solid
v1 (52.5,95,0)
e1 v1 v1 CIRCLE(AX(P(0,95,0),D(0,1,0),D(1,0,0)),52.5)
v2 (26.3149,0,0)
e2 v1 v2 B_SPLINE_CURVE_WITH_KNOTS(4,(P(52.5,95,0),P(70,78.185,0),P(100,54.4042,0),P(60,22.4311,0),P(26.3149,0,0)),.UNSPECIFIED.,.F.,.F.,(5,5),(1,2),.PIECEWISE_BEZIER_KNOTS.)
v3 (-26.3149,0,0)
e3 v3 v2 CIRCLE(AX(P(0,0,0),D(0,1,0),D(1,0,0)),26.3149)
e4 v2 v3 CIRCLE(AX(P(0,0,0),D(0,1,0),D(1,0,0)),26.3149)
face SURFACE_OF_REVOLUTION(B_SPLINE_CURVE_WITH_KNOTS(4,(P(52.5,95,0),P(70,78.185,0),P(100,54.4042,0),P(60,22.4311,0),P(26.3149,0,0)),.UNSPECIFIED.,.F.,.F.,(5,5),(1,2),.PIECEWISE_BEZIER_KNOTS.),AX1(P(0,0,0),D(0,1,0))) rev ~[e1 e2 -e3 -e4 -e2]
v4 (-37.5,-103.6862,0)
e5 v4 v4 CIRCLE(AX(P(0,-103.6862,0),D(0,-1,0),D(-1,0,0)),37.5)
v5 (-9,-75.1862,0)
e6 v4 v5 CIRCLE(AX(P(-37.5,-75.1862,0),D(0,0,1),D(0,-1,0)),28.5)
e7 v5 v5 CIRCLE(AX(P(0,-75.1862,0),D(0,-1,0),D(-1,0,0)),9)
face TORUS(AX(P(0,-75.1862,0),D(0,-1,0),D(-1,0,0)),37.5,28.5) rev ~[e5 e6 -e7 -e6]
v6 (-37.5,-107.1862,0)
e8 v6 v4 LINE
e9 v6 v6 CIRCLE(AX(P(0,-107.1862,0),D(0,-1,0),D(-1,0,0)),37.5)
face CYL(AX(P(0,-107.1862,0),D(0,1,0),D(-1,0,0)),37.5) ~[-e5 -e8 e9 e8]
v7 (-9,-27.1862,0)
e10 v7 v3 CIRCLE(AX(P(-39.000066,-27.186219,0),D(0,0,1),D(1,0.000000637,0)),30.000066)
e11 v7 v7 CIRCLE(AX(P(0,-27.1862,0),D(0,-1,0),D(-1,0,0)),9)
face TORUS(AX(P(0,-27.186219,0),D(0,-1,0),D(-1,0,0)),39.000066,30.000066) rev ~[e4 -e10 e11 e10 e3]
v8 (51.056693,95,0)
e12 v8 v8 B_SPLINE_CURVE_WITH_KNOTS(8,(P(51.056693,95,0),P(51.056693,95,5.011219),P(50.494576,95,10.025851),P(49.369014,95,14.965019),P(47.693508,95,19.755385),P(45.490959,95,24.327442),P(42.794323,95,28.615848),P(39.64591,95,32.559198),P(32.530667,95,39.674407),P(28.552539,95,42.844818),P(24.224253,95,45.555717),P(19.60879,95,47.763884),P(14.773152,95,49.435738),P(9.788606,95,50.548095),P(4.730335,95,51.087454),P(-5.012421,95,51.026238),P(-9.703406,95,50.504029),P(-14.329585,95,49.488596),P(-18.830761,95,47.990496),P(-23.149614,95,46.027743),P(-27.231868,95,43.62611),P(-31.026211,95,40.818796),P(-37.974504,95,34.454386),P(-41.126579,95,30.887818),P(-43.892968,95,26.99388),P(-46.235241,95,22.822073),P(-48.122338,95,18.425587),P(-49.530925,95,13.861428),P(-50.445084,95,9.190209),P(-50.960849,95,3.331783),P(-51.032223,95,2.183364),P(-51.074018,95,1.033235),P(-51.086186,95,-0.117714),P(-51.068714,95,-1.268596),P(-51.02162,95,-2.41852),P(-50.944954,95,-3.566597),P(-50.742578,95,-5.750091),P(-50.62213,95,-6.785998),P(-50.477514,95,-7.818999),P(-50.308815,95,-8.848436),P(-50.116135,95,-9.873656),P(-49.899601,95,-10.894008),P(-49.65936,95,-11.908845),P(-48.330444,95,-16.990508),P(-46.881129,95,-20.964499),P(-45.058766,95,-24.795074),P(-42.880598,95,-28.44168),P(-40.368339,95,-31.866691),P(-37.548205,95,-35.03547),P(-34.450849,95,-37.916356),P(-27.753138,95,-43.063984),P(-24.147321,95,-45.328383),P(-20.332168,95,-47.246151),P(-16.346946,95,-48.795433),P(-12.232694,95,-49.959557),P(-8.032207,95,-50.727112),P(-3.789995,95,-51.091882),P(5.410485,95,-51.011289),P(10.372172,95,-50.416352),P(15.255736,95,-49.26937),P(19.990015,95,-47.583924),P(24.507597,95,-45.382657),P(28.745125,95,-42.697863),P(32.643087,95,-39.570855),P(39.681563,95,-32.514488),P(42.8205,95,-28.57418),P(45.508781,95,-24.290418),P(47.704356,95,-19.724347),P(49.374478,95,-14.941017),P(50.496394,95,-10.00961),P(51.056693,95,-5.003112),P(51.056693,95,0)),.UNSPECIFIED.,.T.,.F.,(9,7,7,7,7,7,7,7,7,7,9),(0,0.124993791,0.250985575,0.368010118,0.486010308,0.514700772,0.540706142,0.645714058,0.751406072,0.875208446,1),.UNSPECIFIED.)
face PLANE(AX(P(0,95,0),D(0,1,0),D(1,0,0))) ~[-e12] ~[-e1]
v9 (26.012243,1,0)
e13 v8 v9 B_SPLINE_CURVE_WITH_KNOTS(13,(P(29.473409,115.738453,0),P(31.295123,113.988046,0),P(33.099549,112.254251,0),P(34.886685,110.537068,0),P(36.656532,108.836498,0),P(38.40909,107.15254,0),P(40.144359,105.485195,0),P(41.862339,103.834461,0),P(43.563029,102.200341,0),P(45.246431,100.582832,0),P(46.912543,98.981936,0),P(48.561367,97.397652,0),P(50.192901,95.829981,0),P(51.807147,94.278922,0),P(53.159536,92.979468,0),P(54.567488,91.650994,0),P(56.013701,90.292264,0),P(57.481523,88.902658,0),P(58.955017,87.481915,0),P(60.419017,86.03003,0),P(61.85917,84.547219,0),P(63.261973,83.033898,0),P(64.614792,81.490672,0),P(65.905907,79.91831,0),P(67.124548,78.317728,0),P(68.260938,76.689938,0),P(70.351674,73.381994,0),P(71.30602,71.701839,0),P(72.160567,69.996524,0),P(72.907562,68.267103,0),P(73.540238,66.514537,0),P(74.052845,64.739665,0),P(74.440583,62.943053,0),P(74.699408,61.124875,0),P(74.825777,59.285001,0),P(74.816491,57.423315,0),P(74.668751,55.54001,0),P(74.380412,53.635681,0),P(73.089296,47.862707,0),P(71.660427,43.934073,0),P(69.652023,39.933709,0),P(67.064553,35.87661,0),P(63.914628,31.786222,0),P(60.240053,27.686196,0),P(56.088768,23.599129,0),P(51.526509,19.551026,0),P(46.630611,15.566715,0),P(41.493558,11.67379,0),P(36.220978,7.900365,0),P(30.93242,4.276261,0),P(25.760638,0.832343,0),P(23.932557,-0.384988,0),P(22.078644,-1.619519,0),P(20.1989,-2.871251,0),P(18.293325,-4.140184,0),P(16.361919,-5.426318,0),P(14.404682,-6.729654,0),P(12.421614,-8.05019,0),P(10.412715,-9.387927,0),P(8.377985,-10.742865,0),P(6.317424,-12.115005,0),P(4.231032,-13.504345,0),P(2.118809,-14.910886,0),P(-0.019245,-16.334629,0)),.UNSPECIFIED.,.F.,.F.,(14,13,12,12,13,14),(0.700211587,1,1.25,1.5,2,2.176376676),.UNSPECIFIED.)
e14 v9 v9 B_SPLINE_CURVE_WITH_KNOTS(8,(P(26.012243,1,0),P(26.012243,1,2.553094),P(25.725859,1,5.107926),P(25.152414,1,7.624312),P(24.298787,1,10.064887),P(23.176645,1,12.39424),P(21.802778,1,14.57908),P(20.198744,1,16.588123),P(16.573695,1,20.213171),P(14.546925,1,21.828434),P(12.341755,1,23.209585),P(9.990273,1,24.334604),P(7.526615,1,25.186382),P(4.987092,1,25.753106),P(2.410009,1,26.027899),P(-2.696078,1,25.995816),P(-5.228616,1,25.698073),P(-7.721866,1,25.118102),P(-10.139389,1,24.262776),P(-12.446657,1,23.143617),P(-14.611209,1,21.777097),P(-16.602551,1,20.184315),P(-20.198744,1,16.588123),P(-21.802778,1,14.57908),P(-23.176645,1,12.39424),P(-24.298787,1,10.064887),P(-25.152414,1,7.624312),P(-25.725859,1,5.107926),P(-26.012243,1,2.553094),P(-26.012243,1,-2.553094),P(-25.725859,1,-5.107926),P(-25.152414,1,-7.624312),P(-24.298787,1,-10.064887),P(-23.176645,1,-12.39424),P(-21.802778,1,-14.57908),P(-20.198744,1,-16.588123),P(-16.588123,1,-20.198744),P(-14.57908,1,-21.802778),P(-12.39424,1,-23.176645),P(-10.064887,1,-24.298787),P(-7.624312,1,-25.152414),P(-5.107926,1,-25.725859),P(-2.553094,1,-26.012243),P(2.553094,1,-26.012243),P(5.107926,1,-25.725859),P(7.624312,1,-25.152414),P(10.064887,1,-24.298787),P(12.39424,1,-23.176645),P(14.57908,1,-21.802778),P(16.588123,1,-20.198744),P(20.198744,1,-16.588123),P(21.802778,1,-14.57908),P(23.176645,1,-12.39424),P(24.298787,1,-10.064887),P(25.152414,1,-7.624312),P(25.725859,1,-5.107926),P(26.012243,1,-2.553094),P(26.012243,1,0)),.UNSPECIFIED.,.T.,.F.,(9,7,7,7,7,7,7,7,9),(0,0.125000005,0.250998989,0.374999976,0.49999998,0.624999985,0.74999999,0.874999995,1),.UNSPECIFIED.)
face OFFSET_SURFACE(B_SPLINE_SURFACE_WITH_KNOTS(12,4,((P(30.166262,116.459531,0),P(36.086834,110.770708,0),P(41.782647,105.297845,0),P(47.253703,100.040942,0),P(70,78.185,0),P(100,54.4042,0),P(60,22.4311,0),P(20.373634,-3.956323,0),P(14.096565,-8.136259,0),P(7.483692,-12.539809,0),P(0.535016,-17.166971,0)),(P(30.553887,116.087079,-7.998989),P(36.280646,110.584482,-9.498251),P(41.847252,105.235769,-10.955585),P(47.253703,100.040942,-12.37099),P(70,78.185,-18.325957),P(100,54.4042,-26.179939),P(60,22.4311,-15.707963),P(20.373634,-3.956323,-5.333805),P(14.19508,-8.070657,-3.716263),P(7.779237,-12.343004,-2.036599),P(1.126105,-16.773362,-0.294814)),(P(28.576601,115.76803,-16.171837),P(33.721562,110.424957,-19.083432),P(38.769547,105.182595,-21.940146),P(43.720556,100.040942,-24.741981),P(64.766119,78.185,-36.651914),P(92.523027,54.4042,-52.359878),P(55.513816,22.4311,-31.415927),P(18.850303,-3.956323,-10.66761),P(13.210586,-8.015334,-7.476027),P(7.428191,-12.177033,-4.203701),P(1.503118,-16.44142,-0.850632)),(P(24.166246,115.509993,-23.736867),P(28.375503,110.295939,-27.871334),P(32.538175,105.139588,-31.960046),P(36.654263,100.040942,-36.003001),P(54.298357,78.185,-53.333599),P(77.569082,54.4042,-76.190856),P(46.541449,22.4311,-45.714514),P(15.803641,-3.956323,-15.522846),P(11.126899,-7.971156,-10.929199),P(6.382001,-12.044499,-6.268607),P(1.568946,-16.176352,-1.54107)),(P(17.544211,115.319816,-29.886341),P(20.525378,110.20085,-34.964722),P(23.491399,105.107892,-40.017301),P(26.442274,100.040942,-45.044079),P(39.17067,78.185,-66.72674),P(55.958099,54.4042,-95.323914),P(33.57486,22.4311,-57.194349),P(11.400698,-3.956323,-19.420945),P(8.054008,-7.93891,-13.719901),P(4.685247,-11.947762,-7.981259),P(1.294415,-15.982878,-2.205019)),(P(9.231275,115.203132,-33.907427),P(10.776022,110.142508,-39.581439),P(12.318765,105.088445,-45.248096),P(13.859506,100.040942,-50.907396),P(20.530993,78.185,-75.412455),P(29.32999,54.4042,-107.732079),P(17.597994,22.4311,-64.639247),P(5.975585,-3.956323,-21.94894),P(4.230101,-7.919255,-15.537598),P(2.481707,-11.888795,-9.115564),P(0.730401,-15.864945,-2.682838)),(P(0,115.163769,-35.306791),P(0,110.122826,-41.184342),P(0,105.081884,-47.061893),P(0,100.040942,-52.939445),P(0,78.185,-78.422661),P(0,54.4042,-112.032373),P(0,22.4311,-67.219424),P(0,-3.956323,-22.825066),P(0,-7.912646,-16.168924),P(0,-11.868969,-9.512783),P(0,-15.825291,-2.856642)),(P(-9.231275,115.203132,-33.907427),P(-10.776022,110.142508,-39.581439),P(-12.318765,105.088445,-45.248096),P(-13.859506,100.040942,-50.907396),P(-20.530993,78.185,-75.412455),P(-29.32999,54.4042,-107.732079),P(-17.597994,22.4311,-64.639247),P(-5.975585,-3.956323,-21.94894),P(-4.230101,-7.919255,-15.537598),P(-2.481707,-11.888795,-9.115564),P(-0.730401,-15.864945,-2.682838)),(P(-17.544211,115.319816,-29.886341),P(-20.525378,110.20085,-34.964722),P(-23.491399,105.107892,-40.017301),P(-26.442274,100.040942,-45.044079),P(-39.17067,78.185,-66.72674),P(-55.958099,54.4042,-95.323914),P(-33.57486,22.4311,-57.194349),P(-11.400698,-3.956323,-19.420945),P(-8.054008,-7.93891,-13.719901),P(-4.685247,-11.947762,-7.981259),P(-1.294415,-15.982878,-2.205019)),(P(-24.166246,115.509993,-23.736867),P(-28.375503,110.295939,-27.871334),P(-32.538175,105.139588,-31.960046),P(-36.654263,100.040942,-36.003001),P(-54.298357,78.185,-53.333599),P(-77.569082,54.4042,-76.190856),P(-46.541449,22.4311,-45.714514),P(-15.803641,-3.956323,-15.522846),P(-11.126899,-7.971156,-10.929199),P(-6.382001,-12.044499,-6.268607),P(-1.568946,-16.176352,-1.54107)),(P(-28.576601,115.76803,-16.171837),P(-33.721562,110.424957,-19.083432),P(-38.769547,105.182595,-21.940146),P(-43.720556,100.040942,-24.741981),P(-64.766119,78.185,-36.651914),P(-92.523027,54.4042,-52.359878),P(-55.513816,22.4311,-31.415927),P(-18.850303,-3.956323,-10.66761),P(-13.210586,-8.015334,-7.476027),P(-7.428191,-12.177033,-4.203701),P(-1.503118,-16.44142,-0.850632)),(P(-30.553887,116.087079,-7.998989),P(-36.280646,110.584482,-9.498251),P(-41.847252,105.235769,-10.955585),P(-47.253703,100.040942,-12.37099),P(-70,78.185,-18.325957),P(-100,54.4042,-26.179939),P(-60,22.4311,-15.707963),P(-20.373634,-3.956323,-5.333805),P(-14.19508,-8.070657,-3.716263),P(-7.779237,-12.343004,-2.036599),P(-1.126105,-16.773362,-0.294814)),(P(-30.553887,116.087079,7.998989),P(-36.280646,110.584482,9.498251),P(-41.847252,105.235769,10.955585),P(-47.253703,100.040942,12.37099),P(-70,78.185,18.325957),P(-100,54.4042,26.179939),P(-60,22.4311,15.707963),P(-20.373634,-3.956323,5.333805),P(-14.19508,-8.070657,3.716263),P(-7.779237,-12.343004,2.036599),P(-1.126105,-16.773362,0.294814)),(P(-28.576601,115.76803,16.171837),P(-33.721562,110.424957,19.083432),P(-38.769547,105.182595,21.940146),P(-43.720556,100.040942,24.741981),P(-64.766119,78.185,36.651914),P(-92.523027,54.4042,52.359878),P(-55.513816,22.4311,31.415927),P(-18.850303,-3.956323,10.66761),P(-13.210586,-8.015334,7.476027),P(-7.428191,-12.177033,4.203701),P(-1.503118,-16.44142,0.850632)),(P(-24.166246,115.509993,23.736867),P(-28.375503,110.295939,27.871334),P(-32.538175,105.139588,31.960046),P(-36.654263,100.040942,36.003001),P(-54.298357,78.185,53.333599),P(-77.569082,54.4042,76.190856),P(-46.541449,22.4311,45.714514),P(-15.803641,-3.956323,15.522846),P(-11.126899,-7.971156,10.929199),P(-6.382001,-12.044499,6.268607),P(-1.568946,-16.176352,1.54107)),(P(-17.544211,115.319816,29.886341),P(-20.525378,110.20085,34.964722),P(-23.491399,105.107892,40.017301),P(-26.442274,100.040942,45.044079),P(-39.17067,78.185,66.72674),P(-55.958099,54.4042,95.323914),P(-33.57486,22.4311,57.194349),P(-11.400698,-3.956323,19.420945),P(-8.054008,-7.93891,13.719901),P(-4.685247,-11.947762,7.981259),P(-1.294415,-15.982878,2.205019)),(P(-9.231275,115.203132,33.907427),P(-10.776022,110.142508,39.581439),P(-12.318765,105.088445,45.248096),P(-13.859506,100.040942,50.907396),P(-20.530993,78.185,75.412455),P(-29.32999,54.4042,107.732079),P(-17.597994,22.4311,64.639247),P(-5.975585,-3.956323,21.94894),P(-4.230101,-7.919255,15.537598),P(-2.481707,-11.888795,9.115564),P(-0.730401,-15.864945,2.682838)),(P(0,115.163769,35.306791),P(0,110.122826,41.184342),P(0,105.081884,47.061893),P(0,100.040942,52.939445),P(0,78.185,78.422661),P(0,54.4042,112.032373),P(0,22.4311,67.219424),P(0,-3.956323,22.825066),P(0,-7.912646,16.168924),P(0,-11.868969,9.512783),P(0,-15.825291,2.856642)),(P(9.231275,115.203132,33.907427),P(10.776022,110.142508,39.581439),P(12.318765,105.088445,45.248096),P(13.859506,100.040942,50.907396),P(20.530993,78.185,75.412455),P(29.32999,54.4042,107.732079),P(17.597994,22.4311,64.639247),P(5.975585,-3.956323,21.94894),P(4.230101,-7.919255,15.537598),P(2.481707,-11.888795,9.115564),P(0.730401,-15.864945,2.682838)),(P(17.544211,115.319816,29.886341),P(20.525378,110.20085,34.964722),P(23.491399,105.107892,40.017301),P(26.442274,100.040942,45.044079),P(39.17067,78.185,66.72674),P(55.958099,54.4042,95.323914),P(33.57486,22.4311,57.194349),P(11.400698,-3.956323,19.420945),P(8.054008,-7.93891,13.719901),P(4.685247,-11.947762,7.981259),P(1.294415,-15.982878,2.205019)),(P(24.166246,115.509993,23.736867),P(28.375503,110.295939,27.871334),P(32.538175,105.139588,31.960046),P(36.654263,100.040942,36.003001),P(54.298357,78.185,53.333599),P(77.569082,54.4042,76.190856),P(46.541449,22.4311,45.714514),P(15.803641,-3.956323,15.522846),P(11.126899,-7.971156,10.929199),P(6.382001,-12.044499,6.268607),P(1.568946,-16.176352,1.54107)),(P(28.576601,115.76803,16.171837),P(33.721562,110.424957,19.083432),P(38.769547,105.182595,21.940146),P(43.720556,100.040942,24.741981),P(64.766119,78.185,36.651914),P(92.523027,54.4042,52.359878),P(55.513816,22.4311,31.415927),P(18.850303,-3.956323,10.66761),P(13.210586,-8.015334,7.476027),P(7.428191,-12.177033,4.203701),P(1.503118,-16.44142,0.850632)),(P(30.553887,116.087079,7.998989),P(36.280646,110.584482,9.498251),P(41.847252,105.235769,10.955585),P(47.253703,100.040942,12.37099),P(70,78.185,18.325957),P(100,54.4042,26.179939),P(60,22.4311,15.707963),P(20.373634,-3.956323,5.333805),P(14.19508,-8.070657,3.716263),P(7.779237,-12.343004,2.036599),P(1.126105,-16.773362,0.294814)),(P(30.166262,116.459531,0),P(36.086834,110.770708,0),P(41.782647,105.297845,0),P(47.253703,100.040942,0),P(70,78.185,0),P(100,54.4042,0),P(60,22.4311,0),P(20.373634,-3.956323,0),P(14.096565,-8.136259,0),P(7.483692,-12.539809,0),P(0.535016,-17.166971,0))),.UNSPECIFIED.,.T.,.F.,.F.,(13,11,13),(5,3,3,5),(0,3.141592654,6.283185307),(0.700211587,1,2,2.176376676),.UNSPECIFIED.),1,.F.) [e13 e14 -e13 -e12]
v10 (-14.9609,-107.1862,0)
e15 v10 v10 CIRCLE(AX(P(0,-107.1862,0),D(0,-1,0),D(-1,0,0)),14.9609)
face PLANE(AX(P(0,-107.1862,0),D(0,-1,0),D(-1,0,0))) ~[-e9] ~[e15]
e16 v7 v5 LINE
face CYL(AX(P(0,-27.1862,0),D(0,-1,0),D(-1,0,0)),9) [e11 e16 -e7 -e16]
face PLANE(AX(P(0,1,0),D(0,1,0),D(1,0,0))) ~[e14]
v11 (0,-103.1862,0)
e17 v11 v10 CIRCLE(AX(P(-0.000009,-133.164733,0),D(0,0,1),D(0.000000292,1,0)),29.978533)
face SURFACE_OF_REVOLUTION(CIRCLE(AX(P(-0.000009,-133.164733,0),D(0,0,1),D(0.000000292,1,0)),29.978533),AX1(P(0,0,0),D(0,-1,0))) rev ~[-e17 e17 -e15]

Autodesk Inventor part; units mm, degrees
ref_plane "YZ Plane" through (0, 0, 0) normal (1, 0, 0) x (0, 1, 0)
ref_plane "XZ Plane" through (0, 0, 0) normal (0, 1, 0) x (-1, 0, 0)
sketch "Skizze1" plane through (0, 0, 0) normal (0, 0, 1) x (1, 0, 0)
  line L0 (0, 0) -> (0, 95)
  line L1 (0, 95) -> (52.5, 95)
  line L2 (52.5, 95) -> (70, 78.185) construction
  line L3 (70, 78.185) -> (100, 54.4042) construction
  line L4 (100, 54.4042) -> (60, 22.4311) construction
  line L5 (60, 22.4311) -> (26.3149, 0) construction
  spline S0 degree 4 poles (52.5, 95) (70, 78.185) (100, 54.4042) (60, 22.4311) (26.3149, 0) knots 1 1 1 1 1 2 2 2 2 2
  line L6 (0, 0) -> (26.3149, 0)
  dimension "d0" = 95
  dimension "d12" = 105
  dimension "d13" = 200
  dimension "d14" = 140
  dimension "d15" = 120
  dimension "d16" = 16.815
  dimension "d17" = 40.5958
  dimension "d18" = 72.5689
  dimension "d20" = 52.6298
revolve "Umdrehung1" add sketch "Skizze1" angle 360 about axis through (0, 0, 0) along (0, 1, 0)
shell "Wandung1" thickness 1 removed faces 1 at (15.8747, 95, 30.7926)
ref_plane "Arbeitsebene1" through (0, 0, 0) normal (0, 0, 1) x (1, 0, 0)
sketch "Skizze3" plane through (0, 0, 0) normal (0, 0, 1) x (1, 0, 0)
  line L0 (26.3149, 0) -> (-26.3149, 0) projected
  line L1 (52.5, 95) -> (-52.5, 95) projected
  line L2 (51.0567, 95) -> (-51.0567, 95) projected
  line L3 (26.0122, 1) -> (-26.0122, 1) projected
  arc A0 (-9, -27.1862) -> (-26.3149, 0) centre (-39, -27.1862) ccw
  line L4 (0, 0) -> (0, -105)
  line L5 (-9, -27.1862) -> (-9, -75.1862)
  arc A1 (0, -103.1862) -> (-14.9609, -107.1862) centre (0, -133.1648) ccw
  line L6 (-14.9609, -107.1862) -> (-37.5, -107.1862)
  line L7 (-37.5, -107.1862) -> (-37.5, -103.6862)
  arc A2 (-37.5, -103.6862) -> (-9, -75.1862) centre (-37.5, -75.1862) ccw
  point P0 (-37.5, -105.4362)
  point P1 (0, -52.5)
  dimension "d24" = 200
  dimension "d25" = 30
  dimension "d26" = 80
  dimension "d27" = 75
  dimension "d28" = 4
  dimension "d30" = 9
  dimension "d32" = 29.9218
  dimension "d33" = 3.5
revolve "Umdrehung2" add sketch "Skizze3" angle 360 about axis through (0, 0, 0) along (0, -1, 0)
properties part number "Glas" material "Glas"
